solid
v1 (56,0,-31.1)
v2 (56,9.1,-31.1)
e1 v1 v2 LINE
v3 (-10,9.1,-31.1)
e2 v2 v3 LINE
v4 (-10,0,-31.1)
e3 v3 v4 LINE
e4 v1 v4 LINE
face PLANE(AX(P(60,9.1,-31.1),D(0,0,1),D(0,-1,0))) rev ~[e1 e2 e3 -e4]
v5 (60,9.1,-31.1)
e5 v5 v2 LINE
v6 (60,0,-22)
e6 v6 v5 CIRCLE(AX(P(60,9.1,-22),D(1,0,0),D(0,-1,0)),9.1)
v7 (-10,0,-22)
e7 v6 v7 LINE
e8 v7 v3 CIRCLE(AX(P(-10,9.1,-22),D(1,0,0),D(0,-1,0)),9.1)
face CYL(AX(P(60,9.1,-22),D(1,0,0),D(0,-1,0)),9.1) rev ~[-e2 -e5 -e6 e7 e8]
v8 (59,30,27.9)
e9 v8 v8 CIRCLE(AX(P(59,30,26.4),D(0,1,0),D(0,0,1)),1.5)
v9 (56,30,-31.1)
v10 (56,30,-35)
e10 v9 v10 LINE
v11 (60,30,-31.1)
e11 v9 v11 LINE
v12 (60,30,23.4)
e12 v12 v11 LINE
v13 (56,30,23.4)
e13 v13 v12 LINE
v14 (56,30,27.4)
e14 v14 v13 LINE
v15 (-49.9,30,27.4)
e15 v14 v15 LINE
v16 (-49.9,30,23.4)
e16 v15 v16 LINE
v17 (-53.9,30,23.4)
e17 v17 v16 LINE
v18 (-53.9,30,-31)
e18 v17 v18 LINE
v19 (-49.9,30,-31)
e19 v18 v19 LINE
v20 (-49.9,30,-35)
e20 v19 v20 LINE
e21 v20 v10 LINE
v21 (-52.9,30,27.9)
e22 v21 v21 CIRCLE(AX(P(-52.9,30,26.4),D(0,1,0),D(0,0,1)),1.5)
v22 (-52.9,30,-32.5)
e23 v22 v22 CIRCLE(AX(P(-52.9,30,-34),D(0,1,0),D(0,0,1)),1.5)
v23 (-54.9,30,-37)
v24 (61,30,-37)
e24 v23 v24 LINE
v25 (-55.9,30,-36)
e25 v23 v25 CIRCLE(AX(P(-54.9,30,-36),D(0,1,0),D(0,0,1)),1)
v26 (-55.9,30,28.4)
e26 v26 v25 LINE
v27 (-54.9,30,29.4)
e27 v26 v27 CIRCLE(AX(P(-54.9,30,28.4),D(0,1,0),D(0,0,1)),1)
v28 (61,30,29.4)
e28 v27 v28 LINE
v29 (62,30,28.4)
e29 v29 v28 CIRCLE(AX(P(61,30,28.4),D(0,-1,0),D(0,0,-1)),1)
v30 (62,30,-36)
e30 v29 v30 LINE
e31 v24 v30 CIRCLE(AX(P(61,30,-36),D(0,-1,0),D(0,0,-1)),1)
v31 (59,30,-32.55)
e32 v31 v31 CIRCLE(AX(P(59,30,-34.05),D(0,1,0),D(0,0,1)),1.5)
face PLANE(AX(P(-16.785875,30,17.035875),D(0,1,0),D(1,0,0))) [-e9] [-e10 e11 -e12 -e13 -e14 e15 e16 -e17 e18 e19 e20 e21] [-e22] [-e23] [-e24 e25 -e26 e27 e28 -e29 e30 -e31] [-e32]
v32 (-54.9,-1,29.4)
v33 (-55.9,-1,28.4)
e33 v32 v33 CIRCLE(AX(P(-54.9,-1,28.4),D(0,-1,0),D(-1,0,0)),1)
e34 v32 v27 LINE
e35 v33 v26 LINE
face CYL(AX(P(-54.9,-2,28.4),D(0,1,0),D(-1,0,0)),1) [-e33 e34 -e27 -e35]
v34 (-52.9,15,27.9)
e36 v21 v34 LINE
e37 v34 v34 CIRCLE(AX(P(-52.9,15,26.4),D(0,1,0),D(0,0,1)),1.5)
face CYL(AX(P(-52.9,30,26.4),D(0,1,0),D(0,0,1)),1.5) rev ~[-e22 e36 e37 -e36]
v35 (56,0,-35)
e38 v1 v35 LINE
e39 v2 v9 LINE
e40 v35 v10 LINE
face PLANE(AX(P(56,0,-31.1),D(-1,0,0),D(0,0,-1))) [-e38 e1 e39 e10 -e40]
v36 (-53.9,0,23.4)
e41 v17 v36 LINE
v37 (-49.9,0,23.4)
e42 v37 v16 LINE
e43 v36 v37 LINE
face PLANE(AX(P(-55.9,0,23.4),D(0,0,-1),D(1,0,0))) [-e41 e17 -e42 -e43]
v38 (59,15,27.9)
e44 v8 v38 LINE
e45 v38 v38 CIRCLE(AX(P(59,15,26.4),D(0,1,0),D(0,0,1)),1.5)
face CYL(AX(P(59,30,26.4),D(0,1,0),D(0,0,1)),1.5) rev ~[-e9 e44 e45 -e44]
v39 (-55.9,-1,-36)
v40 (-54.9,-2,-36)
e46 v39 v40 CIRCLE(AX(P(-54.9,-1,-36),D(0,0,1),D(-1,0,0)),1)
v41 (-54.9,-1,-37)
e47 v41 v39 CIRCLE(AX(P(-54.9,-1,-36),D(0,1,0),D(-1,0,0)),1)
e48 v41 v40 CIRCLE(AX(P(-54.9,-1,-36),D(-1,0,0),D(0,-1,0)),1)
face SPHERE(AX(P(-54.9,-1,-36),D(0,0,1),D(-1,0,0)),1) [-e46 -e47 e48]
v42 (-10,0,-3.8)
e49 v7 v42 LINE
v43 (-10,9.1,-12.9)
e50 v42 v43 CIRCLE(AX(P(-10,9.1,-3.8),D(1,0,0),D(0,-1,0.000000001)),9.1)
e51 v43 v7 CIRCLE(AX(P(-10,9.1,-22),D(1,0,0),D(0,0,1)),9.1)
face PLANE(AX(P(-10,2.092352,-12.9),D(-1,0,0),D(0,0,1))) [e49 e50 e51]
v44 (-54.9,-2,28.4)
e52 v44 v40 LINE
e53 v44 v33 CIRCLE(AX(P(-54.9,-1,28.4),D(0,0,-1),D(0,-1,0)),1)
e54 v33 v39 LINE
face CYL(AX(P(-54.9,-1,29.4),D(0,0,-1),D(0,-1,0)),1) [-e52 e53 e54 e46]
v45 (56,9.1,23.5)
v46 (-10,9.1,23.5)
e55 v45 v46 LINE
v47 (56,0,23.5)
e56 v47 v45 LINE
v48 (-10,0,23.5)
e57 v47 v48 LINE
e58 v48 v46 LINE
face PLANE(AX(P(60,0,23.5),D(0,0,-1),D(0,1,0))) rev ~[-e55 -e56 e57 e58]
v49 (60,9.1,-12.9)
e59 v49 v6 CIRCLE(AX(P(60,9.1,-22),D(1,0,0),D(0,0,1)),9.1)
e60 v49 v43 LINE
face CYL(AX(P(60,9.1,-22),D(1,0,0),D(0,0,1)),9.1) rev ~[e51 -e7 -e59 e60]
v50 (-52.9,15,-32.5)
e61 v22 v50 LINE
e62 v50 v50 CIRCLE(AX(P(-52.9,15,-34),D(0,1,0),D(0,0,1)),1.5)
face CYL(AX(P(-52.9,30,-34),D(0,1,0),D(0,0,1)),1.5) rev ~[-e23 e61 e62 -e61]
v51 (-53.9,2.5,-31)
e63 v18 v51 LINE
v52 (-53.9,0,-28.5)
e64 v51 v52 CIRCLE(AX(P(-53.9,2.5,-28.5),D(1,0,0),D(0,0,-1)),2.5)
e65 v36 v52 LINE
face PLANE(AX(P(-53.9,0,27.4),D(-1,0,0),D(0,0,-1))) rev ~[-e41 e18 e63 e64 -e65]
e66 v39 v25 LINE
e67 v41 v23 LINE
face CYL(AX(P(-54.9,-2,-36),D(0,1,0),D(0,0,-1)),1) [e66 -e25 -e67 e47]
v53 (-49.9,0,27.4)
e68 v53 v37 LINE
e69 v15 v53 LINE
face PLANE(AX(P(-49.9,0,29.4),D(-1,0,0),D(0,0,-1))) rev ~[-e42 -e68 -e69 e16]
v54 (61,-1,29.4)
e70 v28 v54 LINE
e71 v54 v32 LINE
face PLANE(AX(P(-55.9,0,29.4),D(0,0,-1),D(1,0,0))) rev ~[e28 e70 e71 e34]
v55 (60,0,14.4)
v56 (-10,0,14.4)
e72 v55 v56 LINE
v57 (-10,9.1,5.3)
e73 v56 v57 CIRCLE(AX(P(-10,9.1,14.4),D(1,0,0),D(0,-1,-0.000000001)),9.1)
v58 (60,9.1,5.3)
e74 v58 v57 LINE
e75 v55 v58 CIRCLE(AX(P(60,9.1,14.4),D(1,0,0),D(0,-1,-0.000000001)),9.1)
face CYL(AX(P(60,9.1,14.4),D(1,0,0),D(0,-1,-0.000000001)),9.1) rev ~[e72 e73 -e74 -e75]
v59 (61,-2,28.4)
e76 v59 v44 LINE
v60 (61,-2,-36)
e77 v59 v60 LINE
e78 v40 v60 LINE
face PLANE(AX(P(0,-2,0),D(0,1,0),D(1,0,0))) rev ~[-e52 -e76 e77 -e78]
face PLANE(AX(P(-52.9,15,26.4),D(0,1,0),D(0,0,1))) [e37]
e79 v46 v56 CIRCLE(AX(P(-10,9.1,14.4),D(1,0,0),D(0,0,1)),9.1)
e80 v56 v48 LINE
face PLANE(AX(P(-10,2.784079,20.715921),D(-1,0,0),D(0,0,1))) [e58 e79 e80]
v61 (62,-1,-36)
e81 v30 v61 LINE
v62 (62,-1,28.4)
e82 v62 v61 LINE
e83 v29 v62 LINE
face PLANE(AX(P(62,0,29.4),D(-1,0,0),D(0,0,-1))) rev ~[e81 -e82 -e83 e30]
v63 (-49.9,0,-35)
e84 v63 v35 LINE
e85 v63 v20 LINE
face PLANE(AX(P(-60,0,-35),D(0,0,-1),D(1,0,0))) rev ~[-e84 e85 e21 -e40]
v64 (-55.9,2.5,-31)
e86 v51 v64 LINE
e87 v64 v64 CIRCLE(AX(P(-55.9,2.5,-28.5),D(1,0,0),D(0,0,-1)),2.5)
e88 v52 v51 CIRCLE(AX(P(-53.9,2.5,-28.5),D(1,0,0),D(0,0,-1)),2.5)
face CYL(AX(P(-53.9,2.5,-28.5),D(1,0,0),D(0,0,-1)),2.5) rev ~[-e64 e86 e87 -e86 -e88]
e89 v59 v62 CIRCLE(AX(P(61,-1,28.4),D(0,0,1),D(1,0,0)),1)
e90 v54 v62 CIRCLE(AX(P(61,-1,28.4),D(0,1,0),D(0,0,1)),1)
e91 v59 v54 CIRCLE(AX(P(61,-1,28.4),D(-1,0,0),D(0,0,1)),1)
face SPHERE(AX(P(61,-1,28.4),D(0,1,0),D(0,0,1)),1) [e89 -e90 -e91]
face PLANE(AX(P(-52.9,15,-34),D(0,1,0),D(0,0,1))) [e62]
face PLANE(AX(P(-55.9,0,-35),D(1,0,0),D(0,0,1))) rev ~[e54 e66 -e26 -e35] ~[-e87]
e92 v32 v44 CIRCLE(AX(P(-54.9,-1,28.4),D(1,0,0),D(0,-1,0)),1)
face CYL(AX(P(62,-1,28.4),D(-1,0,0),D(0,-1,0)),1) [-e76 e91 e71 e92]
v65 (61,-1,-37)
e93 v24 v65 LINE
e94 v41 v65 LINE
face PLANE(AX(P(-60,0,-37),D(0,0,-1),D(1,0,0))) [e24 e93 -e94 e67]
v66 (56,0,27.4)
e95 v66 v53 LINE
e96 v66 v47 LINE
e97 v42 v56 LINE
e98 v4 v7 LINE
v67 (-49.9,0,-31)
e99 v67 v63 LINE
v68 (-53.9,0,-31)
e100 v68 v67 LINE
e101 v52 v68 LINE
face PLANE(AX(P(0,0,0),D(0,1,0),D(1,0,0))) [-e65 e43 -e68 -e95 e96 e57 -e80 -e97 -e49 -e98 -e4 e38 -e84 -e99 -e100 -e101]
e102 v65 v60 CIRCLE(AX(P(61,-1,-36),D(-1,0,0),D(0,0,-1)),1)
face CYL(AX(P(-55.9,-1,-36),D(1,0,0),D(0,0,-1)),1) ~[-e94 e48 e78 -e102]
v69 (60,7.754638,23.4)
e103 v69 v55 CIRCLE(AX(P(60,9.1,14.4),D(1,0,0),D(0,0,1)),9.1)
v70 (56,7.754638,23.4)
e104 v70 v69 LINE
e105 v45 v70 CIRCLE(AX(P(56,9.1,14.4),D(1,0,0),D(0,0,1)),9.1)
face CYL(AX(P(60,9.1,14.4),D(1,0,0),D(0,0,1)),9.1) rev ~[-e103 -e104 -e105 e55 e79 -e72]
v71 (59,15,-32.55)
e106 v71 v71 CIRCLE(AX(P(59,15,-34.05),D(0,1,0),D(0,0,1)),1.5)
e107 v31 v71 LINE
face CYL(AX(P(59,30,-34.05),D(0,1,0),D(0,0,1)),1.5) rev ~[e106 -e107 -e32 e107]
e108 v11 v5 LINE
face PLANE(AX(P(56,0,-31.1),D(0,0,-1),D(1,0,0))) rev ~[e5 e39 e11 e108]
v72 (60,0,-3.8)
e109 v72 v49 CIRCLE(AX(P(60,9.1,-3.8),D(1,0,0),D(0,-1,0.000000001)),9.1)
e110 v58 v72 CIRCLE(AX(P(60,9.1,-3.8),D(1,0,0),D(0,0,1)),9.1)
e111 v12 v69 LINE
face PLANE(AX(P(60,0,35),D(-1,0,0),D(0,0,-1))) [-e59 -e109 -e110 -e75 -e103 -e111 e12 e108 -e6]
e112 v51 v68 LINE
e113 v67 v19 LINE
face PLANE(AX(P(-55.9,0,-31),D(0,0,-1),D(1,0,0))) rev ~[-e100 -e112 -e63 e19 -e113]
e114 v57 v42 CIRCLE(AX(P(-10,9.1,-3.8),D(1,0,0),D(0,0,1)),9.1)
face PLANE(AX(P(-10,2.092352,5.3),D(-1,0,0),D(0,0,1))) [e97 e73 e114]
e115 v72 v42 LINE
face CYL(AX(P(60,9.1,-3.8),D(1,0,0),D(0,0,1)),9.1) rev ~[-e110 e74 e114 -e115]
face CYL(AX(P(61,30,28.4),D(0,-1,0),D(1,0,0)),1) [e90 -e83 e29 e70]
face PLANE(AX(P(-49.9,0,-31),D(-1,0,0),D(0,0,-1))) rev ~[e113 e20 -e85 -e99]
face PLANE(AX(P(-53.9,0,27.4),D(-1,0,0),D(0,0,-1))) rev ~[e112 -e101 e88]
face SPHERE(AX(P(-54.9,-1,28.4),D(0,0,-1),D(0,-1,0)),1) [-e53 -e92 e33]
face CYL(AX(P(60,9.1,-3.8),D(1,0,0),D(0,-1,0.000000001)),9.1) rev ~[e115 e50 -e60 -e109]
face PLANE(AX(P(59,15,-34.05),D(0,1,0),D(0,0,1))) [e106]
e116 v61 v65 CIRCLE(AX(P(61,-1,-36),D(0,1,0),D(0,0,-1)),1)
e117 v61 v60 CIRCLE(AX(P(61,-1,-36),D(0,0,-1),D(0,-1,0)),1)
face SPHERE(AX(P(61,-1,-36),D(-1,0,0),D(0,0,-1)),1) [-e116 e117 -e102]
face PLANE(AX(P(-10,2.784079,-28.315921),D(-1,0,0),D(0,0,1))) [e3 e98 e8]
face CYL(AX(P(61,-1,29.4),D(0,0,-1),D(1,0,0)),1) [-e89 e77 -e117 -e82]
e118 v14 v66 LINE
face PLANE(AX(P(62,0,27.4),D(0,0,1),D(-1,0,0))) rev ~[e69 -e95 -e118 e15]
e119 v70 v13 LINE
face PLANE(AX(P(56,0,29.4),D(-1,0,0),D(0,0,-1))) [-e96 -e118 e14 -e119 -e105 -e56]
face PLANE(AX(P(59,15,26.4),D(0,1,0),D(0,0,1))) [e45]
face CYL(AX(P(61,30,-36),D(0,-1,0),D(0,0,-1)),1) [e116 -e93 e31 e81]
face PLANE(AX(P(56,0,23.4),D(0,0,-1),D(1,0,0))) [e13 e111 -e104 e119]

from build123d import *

# Parameters (mm, degrees)
SKETCH2_W               = 120
SKETCH2_H               = 70
BOSS_EXTRUDE1_DEPTH     = 30
SHELL1_T                = 2
CUT_EXTRUDE1_DEPTH      = 131.969462089
CUT_EXTRUDE1_DEPTH_BACK = 30
SKETCH3_R               = 2.5
BOSS_EXTRUDE2_DEPTH     = 70
CUT_EXTRUDE2_DEPTH      = 79.185676438
CUT_EXTRUDE2_DEPTH_BACK = 79.185676438
BOSS_EXTRUDE3_DEPTH     = 30
SKETCH7_W               = 3.836872944
SKETCH7_H               = 6.434844856
BOSS_EXTRUDE4_DEPTH     = 2
SKETCH8_R               = 2.5
CUT_EXTRUDE5_DEPTH      = 5
BOSS_EXTRUDE5_START     = -30
SKETCH10_W              = 6
SKETCH10_H              = 6
SKETCH10_H_2            = 5.9
BOSS_EXTRUDE5_DEPTH     = 30
SKETCH12_R              = 1.5
CUT_EXTRUDE6_DEPTH      = 15
FILLET2_R               = 1


with BuildPart() as part:
    # Sketch2 → Boss-Extrude1 (new body)
    with BuildSketch(Plane(origin=(0, 0, 0), x_dir=(1, 0, 0), z_dir=(0, 1, 0))):
        Rectangle(SKETCH2_W, SKETCH2_H)
    extrude(amount=BOSS_EXTRUDE1_DEPTH)

    # Shell1
    shell1_openings = [part.faces().sort_by_distance(p)[0] for p in [
        (0, 30, 0),
    ]]
    offset(amount=SHELL1_T, openings=shell1_openings, kind=Kind.INTERSECTION)

    # Sketch3 → Cut-Extrude1 (cut, two sides: drawn at the far end of the back side and taken through both)
    with BuildSketch(Plane(origin=(-60, 0, 0), x_dir=(0, 0, -1), z_dir=(1, 0, 0)).offset(-CUT_EXTRUDE1_DEPTH_BACK)):
        with Locations(Location((-28, 3, 0), (0, 0, 180))):
            Circle(SKETCH3_R)
    extrude(amount=CUT_EXTRUDE1_DEPTH + CUT_EXTRUDE1_DEPTH_BACK, mode=Mode.SUBTRACT)

    # Sketch4 → Boss-Extrude2 (add)
    with BuildSketch(Plane.ZY.offset(-60)):
        with BuildLine():
            ThreePointArc((-12.9, 9.1), (-15.565328291, 2.665328291), (-22, 0))
            Line((-22, 0), (-3.799999988, 0))
            ThreePointArc((-3.799999988, 0), (-10.234671705, 2.665328287), (-12.9, 9.1))
        make_face()
        with BuildLine():
            ThreePointArc((5.3, 9.1), (2.634671713, 2.665328295), (-3.799999988, 0))
            Line((-3.799999988, 0), (14.399999991, 0))
            ThreePointArc((14.399999991, 0), (7.965328288, 2.665328294), (5.3, 9.1))
        make_face()
        with BuildLine():
            ThreePointArc((23.5, 9.1), (20.834671706, 2.665328288), (14.399999991, 0))
            Line((14.399999991, 0), (23.5, 0))
            Line((23.5, 0), (23.5, 9.1))
        make_face()
        with BuildLine():
            ThreePointArc((-22, 0), (-28.434671709, 2.665328291), (-31.1, 9.1))
            Line((-31.1, 9.1), (-31.1, 0))
            Line((-31.1, 0), (-22, 0))
        make_face()
    extrude(amount=BOSS_EXTRUDE2_DEPTH)

    # Sketch5 → Cut-Extrude2 (cut, two sides: drawn at the far end of the back side and taken through both)
    with BuildSketch(Plane(origin=(0, 0, 0), x_dir=(1, 0, 0), z_dir=(0, 1, 0)).offset(-CUT_EXTRUDE2_DEPTH_BACK)):
        Polygon((-55.9, 39.544038894), (-55.9, -29.4), (62, -29.4), (62, -41.301551734), (-55.9, -41.301551734), (-67.058664884, -41.301551734), (-67.058664884, 39.544038894), align=None)
    extrude(amount=CUT_EXTRUDE2_DEPTH + CUT_EXTRUDE2_DEPTH_BACK, mode=Mode.SUBTRACT)

    # Sketch6 → Boss-Extrude3 (add)
    with BuildSketch(Plane(origin=(0, 0, 0), x_dir=(1, 0, 0), z_dir=(0, 1, 0))):
        Polygon((-55.9, 35), (-55.9, -29.4), (62, -29.4), (62, -27.4), (-53.9, -27.4), (-53.9, 35), align=None)
    extrude(amount=BOSS_EXTRUDE3_DEPTH)

    # Sketch7 → Boss-Extrude4 (add)
    with BuildSketch(Plane(origin=(62, 0, 0), x_dir=(0, 0, -1), z_dir=(1, 0, 0))):
        with Locations((-26.496817491, 3.217422428)):
            Rectangle(SKETCH7_W, SKETCH7_H)
    extrude(amount=-BOSS_EXTRUDE4_DEPTH)

    # Sketch8 → Cut-Extrude5 (cut)
    with BuildSketch(Plane(origin=(-53.9, 0, 0), x_dir=(0, 0, -1), z_dir=(1, 0, 0))):
        with Locations((28.5, 2.5)):
            Circle(SKETCH8_R)
    extrude(amount=-CUT_EXTRUDE5_DEPTH, mode=Mode.SUBTRACT)

    # Sketch10 → Boss-Extrude5 (add)
    with BuildSketch(Plane(origin=(0, 30, 0), x_dir=(1, 0, 0), z_dir=(0, 1, 0)).offset(BOSS_EXTRUDE5_START)):
        with Locations((-52.9, 34)):
            Rectangle(SKETCH10_W, SKETCH10_H)
        with Locations((-52.9, -26.4)):
            Rectangle(SKETCH10_W, SKETCH10_H)
        with Locations((59, 34.05)):
            Rectangle(SKETCH10_W, SKETCH10_H_2)
        with Locations((59, -26.4)):
            Rectangle(SKETCH10_W, SKETCH10_H)
    extrude(amount=BOSS_EXTRUDE5_DEPTH)

    # Sketch12 → Cut-Extrude6 (cut)
    with BuildSketch(Plane(origin=(0, 30, 0), x_dir=(1, 0, 0), z_dir=(0, 1, 0))):
        with Locations(Location((-52.9, 34, 0), (0, 0, 270))):
            Circle(SKETCH12_R)
        with Locations(Location((59, 34.05, 0), (0, 0, 270))):
            Circle(SKETCH12_R)
        with Locations(Location((59, -26.4, 0), (0, 0, 270))):
            Circle(SKETCH12_R)
        with Locations(Location((-52.9, -26.4, 0), (0, 0, 270))):
            Circle(SKETCH12_R)
    extrude(amount=-CUT_EXTRUDE6_DEPTH, mode=Mode.SUBTRACT)

    # Fillet2
    fillet2_edges = [part.edges().sort_by_distance(p)[0] for p in [
        (-55.9, -2, -3.8),
        (-55.9, 14, -37),
        (62, 14, 29.4),
        (3.05, -2, 29.4),
        (-55.9, 14, 29.4),
        (3.05, -2, -37),
        (62, 14, -37),
        (62, -2, -3.8),
    ]]
    fillet(fillet2_edges, radius=FILLET2_R)


solid = part.part
